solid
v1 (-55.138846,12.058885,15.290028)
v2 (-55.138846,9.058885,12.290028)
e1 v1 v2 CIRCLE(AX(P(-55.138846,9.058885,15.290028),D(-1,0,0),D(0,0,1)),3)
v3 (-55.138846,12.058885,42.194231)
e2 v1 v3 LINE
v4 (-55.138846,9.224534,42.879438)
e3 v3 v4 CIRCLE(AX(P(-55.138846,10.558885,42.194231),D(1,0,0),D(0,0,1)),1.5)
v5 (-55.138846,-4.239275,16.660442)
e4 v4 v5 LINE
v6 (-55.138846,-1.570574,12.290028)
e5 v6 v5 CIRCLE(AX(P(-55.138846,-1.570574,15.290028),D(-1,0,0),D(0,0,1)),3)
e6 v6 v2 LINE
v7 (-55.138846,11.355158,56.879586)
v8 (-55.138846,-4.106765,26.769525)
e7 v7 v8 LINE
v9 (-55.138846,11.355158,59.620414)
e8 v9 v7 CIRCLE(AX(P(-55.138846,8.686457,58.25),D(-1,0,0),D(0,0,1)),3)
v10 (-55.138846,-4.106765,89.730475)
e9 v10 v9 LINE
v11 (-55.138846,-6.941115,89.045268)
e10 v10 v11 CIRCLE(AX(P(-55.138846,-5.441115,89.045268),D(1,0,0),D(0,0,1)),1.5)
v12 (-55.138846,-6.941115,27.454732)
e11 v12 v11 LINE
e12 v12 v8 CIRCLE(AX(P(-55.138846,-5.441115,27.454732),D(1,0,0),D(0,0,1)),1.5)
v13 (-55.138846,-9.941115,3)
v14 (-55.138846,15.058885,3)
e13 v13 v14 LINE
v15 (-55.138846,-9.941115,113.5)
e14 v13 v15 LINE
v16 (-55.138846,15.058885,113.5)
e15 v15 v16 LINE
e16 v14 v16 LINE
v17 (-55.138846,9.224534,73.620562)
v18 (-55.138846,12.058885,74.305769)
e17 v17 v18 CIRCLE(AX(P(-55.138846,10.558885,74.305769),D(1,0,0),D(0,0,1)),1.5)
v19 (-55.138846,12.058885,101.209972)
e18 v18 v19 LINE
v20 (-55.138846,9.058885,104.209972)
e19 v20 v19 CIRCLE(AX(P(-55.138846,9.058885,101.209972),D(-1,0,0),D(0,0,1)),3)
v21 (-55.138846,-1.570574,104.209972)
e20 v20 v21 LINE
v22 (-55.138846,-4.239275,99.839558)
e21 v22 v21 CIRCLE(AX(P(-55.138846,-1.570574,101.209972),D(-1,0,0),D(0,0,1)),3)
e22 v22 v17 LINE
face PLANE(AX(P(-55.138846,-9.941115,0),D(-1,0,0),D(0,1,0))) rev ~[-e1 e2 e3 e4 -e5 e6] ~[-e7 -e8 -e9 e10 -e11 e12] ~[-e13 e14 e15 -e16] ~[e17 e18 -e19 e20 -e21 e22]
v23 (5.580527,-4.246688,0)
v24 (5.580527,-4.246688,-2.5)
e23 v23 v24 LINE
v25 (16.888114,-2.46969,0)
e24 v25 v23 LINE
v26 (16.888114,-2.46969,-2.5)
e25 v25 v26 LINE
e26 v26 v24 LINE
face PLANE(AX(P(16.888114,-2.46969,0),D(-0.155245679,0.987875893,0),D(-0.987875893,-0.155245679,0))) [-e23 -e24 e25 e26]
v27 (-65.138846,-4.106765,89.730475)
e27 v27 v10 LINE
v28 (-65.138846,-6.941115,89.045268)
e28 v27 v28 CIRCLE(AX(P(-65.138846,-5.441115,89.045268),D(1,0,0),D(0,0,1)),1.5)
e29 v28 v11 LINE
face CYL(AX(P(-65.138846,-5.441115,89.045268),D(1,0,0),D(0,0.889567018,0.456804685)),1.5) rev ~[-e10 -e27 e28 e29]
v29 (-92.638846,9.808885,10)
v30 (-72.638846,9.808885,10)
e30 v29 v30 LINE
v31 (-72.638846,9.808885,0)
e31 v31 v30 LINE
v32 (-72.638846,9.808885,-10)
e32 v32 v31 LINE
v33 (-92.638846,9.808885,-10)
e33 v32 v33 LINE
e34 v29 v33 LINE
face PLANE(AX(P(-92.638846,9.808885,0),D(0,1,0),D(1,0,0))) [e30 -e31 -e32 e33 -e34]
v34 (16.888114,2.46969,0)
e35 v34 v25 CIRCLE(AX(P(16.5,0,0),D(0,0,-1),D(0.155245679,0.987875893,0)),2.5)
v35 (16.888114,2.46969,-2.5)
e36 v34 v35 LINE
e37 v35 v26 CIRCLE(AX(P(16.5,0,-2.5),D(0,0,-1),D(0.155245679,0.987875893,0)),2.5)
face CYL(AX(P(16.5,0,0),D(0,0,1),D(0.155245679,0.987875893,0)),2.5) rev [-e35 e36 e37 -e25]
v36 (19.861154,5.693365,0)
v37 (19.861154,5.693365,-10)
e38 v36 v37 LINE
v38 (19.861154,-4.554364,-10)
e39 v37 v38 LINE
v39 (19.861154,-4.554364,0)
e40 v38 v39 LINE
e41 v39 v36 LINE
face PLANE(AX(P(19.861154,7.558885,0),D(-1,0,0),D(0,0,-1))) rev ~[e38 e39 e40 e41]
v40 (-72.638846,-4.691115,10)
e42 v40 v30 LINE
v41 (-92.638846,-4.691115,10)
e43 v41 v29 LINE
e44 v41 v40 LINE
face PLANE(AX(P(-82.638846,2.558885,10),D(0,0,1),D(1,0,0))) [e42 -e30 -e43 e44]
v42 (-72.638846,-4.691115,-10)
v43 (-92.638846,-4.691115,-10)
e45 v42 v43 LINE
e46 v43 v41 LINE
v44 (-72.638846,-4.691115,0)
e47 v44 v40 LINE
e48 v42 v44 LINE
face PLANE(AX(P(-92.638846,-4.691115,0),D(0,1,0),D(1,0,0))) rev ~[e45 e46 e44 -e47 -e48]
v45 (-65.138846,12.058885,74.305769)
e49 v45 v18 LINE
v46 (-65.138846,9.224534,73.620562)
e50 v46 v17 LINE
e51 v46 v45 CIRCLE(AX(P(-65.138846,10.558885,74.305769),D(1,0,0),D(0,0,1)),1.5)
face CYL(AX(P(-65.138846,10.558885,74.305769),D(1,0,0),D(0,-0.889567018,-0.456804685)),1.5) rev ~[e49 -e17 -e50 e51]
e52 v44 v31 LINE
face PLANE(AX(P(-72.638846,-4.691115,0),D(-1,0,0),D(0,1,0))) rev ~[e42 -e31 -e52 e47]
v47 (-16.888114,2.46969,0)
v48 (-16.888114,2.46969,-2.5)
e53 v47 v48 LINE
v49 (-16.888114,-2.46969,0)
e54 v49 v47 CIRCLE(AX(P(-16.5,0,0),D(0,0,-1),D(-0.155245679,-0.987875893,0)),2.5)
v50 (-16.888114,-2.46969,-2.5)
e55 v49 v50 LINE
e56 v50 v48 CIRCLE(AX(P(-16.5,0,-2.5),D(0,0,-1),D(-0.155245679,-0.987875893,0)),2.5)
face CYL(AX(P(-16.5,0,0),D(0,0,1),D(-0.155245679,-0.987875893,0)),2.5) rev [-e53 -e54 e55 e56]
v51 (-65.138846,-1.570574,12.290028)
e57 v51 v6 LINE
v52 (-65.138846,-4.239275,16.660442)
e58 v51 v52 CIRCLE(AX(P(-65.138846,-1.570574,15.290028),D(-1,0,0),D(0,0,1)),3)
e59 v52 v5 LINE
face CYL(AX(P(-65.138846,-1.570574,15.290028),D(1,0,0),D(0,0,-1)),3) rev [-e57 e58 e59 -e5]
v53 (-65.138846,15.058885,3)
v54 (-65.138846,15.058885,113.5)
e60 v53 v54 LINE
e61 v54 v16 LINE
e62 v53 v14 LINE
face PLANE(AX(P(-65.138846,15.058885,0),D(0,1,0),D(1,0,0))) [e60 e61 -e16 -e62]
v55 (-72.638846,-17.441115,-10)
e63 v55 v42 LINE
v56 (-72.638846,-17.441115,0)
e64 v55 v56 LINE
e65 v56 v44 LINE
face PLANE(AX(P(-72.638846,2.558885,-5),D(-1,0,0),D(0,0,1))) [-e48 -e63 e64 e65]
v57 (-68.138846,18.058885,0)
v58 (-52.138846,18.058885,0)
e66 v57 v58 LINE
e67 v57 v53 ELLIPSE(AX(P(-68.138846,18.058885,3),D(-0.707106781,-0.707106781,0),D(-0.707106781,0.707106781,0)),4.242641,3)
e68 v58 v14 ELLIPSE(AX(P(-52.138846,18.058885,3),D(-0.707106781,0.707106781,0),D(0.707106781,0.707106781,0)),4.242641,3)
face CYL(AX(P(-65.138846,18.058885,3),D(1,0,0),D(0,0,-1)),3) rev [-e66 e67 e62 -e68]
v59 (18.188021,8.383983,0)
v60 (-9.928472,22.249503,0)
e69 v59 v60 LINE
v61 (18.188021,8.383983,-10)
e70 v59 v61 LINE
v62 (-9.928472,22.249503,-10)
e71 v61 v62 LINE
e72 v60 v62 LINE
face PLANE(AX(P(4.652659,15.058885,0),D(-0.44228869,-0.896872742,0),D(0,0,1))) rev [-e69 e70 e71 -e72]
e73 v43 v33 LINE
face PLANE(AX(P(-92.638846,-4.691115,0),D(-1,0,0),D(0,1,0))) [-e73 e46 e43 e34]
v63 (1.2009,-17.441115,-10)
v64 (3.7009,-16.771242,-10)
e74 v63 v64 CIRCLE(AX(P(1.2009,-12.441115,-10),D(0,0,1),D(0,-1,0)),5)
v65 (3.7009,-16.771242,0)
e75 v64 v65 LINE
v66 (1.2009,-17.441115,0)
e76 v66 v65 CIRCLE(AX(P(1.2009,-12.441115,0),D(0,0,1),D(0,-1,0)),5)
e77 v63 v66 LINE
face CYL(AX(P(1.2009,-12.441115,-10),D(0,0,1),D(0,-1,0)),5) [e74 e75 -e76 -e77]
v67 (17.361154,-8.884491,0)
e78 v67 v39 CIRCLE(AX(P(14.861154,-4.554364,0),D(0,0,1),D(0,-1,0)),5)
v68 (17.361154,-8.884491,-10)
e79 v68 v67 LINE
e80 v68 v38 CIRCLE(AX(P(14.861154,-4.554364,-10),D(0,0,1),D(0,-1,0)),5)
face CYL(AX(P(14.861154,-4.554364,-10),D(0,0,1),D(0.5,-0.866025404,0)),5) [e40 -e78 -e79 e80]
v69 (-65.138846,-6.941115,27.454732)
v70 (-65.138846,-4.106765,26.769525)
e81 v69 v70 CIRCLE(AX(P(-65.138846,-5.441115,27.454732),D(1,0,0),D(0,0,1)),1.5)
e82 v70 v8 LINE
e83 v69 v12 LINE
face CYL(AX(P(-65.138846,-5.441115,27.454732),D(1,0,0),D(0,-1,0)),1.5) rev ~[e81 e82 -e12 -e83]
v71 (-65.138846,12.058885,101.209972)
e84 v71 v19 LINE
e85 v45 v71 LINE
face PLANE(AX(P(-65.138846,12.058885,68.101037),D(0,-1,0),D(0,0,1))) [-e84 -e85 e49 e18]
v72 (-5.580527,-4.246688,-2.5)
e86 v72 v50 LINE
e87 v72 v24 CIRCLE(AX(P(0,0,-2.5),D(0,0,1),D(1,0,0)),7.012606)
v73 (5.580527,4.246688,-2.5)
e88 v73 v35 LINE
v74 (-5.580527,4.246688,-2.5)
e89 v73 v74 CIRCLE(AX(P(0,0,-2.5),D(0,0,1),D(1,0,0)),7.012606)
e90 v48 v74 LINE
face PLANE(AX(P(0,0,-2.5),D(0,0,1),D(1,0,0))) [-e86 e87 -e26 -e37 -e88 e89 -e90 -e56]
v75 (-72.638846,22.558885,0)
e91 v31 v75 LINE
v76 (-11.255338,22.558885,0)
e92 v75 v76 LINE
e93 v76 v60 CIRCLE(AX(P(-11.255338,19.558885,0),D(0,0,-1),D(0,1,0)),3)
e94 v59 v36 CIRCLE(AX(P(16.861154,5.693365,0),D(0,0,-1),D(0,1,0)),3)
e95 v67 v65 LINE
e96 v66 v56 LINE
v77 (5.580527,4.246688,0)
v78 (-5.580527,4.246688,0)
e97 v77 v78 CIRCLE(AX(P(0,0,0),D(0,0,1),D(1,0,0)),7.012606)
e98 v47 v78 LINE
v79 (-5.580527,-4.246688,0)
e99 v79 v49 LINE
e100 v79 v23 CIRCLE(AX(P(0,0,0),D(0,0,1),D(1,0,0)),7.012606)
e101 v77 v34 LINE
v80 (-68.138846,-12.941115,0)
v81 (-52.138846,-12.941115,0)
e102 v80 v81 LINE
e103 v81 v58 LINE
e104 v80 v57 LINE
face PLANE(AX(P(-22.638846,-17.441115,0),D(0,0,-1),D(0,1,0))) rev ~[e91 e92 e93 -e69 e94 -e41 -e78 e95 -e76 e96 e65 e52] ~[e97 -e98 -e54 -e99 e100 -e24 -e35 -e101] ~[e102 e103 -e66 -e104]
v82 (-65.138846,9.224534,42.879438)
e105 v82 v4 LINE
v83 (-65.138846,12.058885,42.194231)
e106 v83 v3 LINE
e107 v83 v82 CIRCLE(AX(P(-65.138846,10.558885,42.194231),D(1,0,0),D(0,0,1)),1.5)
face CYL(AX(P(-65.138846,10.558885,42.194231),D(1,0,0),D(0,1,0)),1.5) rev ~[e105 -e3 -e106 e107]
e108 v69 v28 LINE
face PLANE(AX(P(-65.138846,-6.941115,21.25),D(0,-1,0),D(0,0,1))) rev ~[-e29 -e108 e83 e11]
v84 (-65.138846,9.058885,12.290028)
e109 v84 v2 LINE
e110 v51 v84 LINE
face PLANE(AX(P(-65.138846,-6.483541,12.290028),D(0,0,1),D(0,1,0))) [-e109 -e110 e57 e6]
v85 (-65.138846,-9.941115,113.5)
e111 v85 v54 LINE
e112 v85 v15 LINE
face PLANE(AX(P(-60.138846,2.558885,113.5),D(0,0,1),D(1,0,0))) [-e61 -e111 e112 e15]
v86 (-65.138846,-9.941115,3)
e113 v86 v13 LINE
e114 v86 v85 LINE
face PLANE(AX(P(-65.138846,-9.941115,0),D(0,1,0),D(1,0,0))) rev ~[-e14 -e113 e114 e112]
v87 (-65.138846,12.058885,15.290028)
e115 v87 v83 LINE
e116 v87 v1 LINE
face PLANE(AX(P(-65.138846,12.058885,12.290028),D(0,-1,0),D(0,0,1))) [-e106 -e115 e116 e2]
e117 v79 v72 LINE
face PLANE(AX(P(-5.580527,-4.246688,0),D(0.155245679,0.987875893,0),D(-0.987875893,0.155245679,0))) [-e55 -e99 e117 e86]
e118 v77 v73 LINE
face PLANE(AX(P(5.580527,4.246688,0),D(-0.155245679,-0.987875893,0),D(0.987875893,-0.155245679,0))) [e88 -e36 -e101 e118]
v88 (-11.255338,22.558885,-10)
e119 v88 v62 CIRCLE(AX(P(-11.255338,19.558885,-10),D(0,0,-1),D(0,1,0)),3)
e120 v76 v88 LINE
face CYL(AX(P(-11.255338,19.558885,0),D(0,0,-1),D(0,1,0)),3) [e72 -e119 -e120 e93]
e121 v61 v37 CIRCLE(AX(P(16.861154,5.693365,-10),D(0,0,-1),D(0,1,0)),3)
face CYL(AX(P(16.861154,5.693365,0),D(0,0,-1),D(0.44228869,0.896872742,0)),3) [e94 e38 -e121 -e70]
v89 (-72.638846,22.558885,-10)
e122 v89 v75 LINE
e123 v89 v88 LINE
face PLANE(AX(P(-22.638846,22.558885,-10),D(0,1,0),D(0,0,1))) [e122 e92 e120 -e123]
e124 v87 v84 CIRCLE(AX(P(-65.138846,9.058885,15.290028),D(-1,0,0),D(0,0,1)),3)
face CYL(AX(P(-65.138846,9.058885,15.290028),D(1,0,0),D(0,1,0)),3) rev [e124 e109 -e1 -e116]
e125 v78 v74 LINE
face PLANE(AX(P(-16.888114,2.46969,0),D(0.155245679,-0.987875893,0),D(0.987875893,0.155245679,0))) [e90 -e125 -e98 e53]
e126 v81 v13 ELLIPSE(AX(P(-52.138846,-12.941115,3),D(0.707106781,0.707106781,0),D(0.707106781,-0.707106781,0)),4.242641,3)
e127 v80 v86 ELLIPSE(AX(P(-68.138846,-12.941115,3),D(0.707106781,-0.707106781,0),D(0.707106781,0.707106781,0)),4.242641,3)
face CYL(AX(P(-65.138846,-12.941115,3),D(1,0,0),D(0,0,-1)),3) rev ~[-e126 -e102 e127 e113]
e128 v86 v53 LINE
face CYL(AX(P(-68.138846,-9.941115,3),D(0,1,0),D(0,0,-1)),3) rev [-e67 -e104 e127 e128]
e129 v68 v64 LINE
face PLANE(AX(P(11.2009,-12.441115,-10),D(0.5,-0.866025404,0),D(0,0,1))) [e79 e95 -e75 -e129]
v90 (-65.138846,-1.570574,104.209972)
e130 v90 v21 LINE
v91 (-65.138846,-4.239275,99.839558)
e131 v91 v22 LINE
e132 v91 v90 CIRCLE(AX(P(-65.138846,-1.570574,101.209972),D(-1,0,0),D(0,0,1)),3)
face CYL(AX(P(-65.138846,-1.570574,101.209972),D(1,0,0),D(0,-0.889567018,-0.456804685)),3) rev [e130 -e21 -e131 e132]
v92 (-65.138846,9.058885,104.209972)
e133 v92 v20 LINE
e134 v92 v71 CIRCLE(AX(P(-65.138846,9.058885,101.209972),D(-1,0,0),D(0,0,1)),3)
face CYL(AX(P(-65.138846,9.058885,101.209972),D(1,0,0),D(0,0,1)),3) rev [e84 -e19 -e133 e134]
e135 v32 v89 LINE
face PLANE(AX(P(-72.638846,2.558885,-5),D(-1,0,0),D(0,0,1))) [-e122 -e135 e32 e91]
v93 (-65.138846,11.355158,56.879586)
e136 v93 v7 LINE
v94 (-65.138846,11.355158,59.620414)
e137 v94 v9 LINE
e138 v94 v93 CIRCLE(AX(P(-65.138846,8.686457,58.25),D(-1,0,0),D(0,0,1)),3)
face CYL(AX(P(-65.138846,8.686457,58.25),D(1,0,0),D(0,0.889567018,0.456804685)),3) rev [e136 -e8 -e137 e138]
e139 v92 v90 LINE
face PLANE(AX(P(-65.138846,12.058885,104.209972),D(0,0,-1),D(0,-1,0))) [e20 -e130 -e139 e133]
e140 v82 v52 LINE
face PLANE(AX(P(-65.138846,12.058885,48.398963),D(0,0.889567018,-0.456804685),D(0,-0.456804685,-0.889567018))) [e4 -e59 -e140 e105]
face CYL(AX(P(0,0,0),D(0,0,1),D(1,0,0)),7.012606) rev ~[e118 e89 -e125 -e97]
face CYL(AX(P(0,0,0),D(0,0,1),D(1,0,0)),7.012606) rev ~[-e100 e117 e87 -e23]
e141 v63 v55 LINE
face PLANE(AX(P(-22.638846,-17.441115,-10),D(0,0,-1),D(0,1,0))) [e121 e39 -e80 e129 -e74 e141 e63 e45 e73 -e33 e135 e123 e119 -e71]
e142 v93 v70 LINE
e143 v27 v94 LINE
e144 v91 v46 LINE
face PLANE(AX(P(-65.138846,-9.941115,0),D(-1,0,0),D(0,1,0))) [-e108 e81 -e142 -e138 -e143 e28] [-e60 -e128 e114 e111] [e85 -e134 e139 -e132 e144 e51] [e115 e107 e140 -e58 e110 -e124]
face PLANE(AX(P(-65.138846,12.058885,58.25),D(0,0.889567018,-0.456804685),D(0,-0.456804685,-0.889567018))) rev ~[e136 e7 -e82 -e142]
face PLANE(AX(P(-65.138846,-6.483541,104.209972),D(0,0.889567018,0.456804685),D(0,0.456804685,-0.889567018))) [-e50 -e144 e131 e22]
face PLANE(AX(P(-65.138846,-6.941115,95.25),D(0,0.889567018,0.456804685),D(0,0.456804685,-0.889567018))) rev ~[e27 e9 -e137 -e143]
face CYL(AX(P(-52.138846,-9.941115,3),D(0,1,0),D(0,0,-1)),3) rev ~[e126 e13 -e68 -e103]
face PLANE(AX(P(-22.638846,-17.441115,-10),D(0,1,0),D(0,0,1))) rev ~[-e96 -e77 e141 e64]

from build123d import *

# Parameters (mm, degrees)
SKETCH3_W            = 42.5
SKETCH3_H            = 15
BOSS_EXTRUDE1_DEPTH  = 10
SKETCH2_R            = 7.012606221
CUT_EXTRUDE1_DEPTH   = 2.5
SKETCH11_W           = 42.5
SKETCH11_H           = 10
BOSS_EXTRUDE5_DEPTH  = 10
SKETCH14_W           = 42.5
SKETCH14_H           = 10
BOSS_EXTRUDE7_DEPTH  = 15
SKETCH20_W           = 10
SKETCH20_H           = 40
BOSS_EXTRUDE10_DEPTH = 50
SKETCH21_W           = 10
SKETCH21_H           = 25
BOSS_EXTRUDE11_DEPTH = 113.5
FILLET1_R            = 3
CHAMFER1_SIZE        = 15
CHAMFER1_SIZE2       = 30.41699103
FILLET2_R            = 3
CHAMFER2_SIZE        = 10
CHAMFER2_SIZE2       = 17.320508076
FILLET3_R            = 5
CUT_EXTRUDE2_DEPTH   = 144.583262507
FILLET4_R            = 3
FILLET5_R            = 1.5
SKETCH25_W           = 10
SKETCH25_H           = 14.5
BOSS_EXTRUDE12_DEPTH = 20
SKETCH26_W           = 20
SKETCH26_H           = 14.5
BOSS_EXTRUDE13_DEPTH = 10


with BuildPart() as part:
    # Sketch3 → Boss-Extrude1 (new body)
    with BuildSketch(Plane.XY):
        with Locations((-1.388845539, 0.05888455)):
            Rectangle(SKETCH3_W, SKETCH3_H)
    extrude(amount=-BOSS_EXTRUDE1_DEPTH)

    # Sketch2 → Cut-Extrude1 (cut)
    with BuildSketch(Plane.XY):
        Circle(SKETCH2_R)
        with BuildLine():
            Line((-16.888114198, 2.469689731), (-3.968626967, 4.5))
            ThreePointArc((-3.968626967, 4.5), (0, 6), (3.968626967, 4.5))
            Line((3.968626967, 4.5), (16.888114198, 2.469689731))
            ThreePointArc((16.888114198, 2.469689731), (19, 0), (16.888114198, -2.469689731))
            Line((16.888114198, -2.469689731), (3.968626967, -4.5))
            ThreePointArc((3.968626967, -4.5), (0, -6), (-3.968626967, -4.5))
            Line((-3.968626967, -4.5), (-16.888114198, -2.469689731))
            ThreePointArc((-16.888114198, -2.469689731), (-19, 0), (-16.888114198, 2.469689731))
        make_face()
    extrude(amount=-CUT_EXTRUDE1_DEPTH, mode=Mode.SUBTRACT)

    # Sketch11 → Boss-Extrude5 (add)
    with BuildSketch(Plane.XZ.offset(7.44111545)):
        with Locations((-1.388845539, -5)):
            Rectangle(SKETCH11_W, SKETCH11_H)
    extrude(amount=BOSS_EXTRUDE5_DEPTH)

    # Sketch14 → Boss-Extrude7 (add)
    with BuildSketch(Plane(origin=(0, 7.55888455, 0), x_dir=(1, 0, 0), z_dir=(0, 1, 0))):
        with Locations((-1.388845539, 5)):
            Rectangle(SKETCH14_W, SKETCH14_H)
    extrude(amount=BOSS_EXTRUDE7_DEPTH)

    # Sketch20 → Boss-Extrude10 (add)
    with BuildSketch(Plane.ZY.offset(22.638845539)):
        with Locations((-5, 2.55888455)):
            Rectangle(SKETCH20_W, SKETCH20_H)
    extrude(amount=BOSS_EXTRUDE10_DEPTH)

    # Sketch21 → Boss-Extrude11 (add)
    with BuildSketch(Plane.XY):
        with Locations((-60.138845539, 2.55888455)):
            Rectangle(SKETCH21_W, SKETCH21_H)
    extrude(amount=BOSS_EXTRUDE11_DEPTH)

    # Fillet1
    fillet1_edges = [part.edges().sort_by_distance(p)[0] for p in [
        (-65.138845539, 2.55888455, 0),
        (-60.138845539, -9.94111545, 0),
        (-55.138845539, 2.55888455, 0),
        (-60.138845539, 15.05888455, 0),
    ]]
    fillet(fillet1_edges, radius=FILLET1_R)

    # Chamfer1
    chamfer1_edges = [part.edges().sort_by_distance(p)[0] for p in [
        (19.861154461, 22.55888455, -5),
    ]]
    chamfer1_side = [part.faces().sort_by_distance(p)[0] for p in [
        (19.861154461, 2.55888455, -5),
    ]]
    chamfer(chamfer1_edges, length=CHAMFER1_SIZE, length2=CHAMFER1_SIZE2, reference=chamfer1_side[0])

    # Fillet2
    fillet2_edges = [part.edges().sort_by_distance(p)[0] for p in [
        (-10.555836569, 22.55888455, -5),
        (19.861154461, 7.55888455, -5),
    ]]
    fillet(fillet2_edges, radius=FILLET2_R)

    # Chamfer2
    chamfer2_edges = [part.edges().sort_by_distance(p)[0] for p in [
        (19.861154461, -17.44111545, -5),
    ]]
    chamfer2_side = [part.faces().sort_by_distance(p)[0] for p in [
        (19.861154461, -5.873875391, -5),
    ]]
    chamfer(chamfer2_edges, length=CHAMFER2_SIZE, length2=CHAMFER2_SIZE2, reference=chamfer2_side[0])

    # Fillet3
    fillet3_edges = [part.edges().sort_by_distance(p)[0] for p in [
        (2.540646385, -17.44111545, -5),
        (19.861154461, -7.44111545, -5),
    ]]
    fillet(fillet3_edges, radius=FILLET3_R)

    # Sketch24 → Cut-Extrude2 (cut, through all)
    with BuildSketch(Plane.ZY.offset(65.138845539)):
        Polygon((58.25, -6.94111545), (95.25, -6.94111545), (58.25, 12.05888455), (21.25, -6.94111545), align=None)
        Polygon((48.39896268, 12.05888455), (12.290027833, -6.483541453), (12.290027833, 12.05888455), align=None)
        Polygon((68.10103732, 12.05888455), (104.209972167, 12.05888455), (104.209972167, -6.483541453), align=None)
    extrude(amount=-CUT_EXTRUDE2_DEPTH, mode=Mode.SUBTRACT)

    # Fillet4
    fillet4_edges = [part.edges().sort_by_distance(p)[0] for p in [
        (-60.138845539, -6.483541453, 104.209972167),
        (-60.138845539, 12.05888455, 104.209972167),
        (-60.138845539, 12.05888455, 12.290027833),
        (-60.138845539, -6.483541453, 12.290027833),
        (-60.138845539, 12.05888455, 58.25),
    ]]
    fillet(fillet4_edges, radius=FILLET4_R)

    # Fillet5
    fillet5_edges = [part.edges().sort_by_distance(p)[0] for p in [
        (-60.138845539, 12.05888455, 68.10103732),
        (-60.138845539, 12.05888455, 48.39896268),
        (-60.138845539, -6.94111545, 21.25),
        (-60.138845539, -6.94111545, 95.25),
    ]]
    fillet(fillet5_edges, radius=FILLET5_R)

    # Sketch25 → Boss-Extrude12 (add)
    with BuildSketch(Plane.ZY.offset(72.638845539)):
        with Locations((-5, 2.55888455)):
            Rectangle(SKETCH25_W, SKETCH25_H)
    extrude(amount=BOSS_EXTRUDE12_DEPTH)

    # Sketch26 → Boss-Extrude13 (add)
    with BuildSketch(Plane.XY):
        with Locations((-82.638845539, 2.55888455)):
            Rectangle(SKETCH26_W, SKETCH26_H)
    extrude(amount=BOSS_EXTRUDE13_DEPTH)


solid = part.part
